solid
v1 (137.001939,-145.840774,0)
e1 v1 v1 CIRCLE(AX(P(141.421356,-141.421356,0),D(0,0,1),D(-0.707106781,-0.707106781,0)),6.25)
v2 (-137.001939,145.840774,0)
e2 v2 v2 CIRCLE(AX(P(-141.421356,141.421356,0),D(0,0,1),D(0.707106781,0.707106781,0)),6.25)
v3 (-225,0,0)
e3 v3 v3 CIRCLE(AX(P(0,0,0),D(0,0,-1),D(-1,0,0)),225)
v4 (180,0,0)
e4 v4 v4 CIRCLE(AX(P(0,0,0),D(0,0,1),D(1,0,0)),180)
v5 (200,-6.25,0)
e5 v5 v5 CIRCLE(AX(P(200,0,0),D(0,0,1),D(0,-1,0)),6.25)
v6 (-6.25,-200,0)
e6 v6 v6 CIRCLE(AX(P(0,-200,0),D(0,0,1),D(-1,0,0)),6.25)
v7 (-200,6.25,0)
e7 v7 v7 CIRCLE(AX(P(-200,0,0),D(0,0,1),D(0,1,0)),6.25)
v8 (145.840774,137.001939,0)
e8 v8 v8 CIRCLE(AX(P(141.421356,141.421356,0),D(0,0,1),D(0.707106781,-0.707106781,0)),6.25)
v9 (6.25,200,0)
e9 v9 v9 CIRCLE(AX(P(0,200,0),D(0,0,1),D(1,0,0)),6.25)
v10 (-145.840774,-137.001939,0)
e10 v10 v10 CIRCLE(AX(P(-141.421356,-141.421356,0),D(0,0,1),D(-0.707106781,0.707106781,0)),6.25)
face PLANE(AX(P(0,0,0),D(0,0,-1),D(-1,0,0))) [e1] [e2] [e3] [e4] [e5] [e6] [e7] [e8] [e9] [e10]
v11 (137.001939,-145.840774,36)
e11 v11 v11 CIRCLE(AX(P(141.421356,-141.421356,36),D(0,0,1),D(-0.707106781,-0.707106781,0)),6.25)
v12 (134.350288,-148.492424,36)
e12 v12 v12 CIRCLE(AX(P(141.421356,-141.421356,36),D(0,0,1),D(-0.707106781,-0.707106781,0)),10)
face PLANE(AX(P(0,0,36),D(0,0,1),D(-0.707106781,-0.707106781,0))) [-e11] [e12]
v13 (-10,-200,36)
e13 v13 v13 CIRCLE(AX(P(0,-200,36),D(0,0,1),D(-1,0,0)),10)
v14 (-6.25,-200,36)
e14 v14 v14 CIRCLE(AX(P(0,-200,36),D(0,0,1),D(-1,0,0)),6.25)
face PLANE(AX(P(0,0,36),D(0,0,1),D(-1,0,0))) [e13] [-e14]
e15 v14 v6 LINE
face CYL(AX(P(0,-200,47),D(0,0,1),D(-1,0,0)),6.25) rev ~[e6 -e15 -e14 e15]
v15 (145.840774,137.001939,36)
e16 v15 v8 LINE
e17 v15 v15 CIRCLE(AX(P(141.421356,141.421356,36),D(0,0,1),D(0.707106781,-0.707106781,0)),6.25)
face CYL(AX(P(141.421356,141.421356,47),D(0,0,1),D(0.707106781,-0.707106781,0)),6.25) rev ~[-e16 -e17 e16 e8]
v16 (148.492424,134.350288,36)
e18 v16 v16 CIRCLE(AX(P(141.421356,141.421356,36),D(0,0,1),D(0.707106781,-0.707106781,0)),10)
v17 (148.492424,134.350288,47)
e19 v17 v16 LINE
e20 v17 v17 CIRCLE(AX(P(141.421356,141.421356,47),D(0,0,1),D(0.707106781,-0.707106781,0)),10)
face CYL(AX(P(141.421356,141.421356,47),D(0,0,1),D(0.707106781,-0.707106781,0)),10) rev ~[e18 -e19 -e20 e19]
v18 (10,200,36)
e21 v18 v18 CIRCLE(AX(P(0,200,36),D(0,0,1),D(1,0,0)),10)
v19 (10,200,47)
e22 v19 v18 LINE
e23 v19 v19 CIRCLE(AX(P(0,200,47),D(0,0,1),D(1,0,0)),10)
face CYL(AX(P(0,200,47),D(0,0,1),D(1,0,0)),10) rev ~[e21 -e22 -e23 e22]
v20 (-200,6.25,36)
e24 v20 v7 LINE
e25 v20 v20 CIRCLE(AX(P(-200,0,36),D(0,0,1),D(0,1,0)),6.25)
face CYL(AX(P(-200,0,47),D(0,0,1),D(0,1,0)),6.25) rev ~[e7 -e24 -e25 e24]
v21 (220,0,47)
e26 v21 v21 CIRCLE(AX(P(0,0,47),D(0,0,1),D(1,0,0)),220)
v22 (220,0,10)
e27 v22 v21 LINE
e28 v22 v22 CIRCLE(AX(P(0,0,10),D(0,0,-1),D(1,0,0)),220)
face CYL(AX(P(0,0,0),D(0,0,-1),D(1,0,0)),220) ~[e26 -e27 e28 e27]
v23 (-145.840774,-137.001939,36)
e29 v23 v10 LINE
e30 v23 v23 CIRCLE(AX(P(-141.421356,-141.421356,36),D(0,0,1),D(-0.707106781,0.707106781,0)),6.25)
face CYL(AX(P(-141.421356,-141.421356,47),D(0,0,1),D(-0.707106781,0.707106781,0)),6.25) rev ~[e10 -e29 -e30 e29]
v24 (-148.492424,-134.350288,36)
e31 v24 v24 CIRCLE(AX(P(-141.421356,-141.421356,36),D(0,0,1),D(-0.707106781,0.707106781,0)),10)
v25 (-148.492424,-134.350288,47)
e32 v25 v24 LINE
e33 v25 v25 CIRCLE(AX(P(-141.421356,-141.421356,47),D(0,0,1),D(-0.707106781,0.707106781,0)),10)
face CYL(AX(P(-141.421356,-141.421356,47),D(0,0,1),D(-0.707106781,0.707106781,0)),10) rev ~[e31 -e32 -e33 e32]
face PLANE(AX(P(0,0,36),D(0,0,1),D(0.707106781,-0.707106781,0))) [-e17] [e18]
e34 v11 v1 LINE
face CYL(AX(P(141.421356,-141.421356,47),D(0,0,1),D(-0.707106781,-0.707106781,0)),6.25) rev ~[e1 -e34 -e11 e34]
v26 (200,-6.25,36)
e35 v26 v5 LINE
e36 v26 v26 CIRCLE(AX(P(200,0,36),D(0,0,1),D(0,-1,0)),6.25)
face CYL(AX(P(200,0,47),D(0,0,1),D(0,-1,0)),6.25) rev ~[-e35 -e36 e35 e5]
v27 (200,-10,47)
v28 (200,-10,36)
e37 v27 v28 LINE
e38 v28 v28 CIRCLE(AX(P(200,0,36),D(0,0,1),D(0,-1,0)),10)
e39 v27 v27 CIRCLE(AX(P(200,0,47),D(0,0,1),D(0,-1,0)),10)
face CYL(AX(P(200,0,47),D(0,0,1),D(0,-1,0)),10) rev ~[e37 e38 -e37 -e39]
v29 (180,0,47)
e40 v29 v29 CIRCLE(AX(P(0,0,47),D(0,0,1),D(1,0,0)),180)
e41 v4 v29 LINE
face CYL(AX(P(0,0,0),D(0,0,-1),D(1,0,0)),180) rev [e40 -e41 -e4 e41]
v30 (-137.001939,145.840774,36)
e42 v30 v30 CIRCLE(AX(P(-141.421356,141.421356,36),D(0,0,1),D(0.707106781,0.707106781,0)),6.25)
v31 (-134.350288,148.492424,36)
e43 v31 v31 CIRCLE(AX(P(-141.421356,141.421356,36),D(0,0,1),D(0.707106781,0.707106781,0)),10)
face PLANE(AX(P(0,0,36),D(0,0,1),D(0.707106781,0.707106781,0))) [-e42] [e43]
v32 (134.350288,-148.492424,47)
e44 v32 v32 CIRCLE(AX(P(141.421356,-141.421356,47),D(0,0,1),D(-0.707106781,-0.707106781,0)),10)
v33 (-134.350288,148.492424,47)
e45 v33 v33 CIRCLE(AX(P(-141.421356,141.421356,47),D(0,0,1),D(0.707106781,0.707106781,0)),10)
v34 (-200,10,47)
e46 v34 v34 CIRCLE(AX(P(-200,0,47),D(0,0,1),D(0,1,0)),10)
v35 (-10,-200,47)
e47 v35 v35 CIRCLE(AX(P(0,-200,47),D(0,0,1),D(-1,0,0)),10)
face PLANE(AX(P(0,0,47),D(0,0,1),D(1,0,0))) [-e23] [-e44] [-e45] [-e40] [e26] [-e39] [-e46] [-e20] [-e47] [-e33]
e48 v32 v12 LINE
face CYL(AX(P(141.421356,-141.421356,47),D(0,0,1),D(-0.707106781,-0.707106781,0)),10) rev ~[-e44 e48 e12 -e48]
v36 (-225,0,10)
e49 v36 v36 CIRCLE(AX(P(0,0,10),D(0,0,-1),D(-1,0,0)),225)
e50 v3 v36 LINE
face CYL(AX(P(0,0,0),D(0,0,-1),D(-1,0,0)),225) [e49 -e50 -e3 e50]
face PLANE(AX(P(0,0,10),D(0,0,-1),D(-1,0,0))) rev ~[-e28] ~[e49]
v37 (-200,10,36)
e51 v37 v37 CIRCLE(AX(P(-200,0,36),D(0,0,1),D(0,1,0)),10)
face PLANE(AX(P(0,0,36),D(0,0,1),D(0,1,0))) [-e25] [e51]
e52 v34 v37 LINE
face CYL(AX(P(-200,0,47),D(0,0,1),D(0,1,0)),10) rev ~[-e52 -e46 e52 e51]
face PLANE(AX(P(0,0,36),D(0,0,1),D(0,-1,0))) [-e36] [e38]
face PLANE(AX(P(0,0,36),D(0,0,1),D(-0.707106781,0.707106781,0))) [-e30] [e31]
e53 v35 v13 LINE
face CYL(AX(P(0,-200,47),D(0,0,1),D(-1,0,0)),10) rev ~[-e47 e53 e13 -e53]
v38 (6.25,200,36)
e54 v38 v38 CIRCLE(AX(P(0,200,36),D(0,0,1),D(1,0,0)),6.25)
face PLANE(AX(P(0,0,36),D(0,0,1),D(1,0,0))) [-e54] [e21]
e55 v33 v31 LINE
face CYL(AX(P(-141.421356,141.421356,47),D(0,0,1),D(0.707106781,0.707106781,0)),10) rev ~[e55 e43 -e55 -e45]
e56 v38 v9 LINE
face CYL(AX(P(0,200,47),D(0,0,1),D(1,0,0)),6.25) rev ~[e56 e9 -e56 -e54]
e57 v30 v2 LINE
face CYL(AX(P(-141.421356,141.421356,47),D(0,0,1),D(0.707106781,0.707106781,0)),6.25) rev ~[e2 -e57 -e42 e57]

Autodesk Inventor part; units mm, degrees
ref_plane "YZ Plane" through (0, 0, 0) normal (1, 0, 0) x (0, 1, 0)
ref_plane "XZ Plane" through (0, 0, 0) normal (0, 1, 0) x (-1, 0, 0)
ref_plane "XY Plane" through (0, 0, 0) normal (0, 0, 1) x (1, 0, 0)
sketch "Sketch1" plane through (0, 0, 0) normal (0, 0, 1) x (1, 0, 0)
  circle A0 centre (0, 0) radius 180
  circle A1 centre (0, 0) radius 220
  dimension "d0" = 40
  dimension "d1" = 360
extrude "Extrusion1" add sketch "Sketch1" along normal blind 47
sketch "Sketch2" plane through (0, 0, 47) normal (0, 0, 1) x (1, 0, 0)
  circle A0 centre (0, 0) radius 220 construction
  circle A1 centre (0, 0) radius 180 construction
  line L0 (0, 220) -> (0, 180) construction
  circle A2 centre (0, 200) radius 6.25
  dimension "d4" = 12.5
extrude "Extrusion2" cut sketch "Sketch2" against normal through all
sketch "Sketch3" plane through (0, 0, 47) normal (0, 0, 1) x (1, 0, 0)
  circle A0 centre (0, 200) radius 6.25 projected
  circle A1 centre (0, 200) radius 10
  point P0 (0, 0)
  dimension "d10" = 20
extrude "Extrusion3" cut sketch "Sketch3" against normal blind 11
pattern_circular "Circular Pattern1" count 8 over 360 about axis through (0, 0, 0) along (0, 0, 1) of "Extrusion2", "Extrusion3"
sketch "Sketch4" plane through (0, 0, 0) normal (0, 0, -1) x (-1, 0, 0)
  circle A0 centre (0, 0) radius 220 projected
  circle A1 centre (0, 0) radius 225
  dimension "d13" = 5
extrude "Extrusion4" add sketch "Sketch4" against normal blind 10
equation "\"d1\" = Вал_ось_диаметр_КОРМА"
equation "\"d2\" = Барабан_толщина_посад_кольца"
equation "\"Вал_ось_диаметр_КОРМА\" = 360"
equation "\"Барабан_толщина_посад_кольца\" = 47"
properties part number "ДМС 103 Опорное кольцо вала хвост ПВГ.ipt"
